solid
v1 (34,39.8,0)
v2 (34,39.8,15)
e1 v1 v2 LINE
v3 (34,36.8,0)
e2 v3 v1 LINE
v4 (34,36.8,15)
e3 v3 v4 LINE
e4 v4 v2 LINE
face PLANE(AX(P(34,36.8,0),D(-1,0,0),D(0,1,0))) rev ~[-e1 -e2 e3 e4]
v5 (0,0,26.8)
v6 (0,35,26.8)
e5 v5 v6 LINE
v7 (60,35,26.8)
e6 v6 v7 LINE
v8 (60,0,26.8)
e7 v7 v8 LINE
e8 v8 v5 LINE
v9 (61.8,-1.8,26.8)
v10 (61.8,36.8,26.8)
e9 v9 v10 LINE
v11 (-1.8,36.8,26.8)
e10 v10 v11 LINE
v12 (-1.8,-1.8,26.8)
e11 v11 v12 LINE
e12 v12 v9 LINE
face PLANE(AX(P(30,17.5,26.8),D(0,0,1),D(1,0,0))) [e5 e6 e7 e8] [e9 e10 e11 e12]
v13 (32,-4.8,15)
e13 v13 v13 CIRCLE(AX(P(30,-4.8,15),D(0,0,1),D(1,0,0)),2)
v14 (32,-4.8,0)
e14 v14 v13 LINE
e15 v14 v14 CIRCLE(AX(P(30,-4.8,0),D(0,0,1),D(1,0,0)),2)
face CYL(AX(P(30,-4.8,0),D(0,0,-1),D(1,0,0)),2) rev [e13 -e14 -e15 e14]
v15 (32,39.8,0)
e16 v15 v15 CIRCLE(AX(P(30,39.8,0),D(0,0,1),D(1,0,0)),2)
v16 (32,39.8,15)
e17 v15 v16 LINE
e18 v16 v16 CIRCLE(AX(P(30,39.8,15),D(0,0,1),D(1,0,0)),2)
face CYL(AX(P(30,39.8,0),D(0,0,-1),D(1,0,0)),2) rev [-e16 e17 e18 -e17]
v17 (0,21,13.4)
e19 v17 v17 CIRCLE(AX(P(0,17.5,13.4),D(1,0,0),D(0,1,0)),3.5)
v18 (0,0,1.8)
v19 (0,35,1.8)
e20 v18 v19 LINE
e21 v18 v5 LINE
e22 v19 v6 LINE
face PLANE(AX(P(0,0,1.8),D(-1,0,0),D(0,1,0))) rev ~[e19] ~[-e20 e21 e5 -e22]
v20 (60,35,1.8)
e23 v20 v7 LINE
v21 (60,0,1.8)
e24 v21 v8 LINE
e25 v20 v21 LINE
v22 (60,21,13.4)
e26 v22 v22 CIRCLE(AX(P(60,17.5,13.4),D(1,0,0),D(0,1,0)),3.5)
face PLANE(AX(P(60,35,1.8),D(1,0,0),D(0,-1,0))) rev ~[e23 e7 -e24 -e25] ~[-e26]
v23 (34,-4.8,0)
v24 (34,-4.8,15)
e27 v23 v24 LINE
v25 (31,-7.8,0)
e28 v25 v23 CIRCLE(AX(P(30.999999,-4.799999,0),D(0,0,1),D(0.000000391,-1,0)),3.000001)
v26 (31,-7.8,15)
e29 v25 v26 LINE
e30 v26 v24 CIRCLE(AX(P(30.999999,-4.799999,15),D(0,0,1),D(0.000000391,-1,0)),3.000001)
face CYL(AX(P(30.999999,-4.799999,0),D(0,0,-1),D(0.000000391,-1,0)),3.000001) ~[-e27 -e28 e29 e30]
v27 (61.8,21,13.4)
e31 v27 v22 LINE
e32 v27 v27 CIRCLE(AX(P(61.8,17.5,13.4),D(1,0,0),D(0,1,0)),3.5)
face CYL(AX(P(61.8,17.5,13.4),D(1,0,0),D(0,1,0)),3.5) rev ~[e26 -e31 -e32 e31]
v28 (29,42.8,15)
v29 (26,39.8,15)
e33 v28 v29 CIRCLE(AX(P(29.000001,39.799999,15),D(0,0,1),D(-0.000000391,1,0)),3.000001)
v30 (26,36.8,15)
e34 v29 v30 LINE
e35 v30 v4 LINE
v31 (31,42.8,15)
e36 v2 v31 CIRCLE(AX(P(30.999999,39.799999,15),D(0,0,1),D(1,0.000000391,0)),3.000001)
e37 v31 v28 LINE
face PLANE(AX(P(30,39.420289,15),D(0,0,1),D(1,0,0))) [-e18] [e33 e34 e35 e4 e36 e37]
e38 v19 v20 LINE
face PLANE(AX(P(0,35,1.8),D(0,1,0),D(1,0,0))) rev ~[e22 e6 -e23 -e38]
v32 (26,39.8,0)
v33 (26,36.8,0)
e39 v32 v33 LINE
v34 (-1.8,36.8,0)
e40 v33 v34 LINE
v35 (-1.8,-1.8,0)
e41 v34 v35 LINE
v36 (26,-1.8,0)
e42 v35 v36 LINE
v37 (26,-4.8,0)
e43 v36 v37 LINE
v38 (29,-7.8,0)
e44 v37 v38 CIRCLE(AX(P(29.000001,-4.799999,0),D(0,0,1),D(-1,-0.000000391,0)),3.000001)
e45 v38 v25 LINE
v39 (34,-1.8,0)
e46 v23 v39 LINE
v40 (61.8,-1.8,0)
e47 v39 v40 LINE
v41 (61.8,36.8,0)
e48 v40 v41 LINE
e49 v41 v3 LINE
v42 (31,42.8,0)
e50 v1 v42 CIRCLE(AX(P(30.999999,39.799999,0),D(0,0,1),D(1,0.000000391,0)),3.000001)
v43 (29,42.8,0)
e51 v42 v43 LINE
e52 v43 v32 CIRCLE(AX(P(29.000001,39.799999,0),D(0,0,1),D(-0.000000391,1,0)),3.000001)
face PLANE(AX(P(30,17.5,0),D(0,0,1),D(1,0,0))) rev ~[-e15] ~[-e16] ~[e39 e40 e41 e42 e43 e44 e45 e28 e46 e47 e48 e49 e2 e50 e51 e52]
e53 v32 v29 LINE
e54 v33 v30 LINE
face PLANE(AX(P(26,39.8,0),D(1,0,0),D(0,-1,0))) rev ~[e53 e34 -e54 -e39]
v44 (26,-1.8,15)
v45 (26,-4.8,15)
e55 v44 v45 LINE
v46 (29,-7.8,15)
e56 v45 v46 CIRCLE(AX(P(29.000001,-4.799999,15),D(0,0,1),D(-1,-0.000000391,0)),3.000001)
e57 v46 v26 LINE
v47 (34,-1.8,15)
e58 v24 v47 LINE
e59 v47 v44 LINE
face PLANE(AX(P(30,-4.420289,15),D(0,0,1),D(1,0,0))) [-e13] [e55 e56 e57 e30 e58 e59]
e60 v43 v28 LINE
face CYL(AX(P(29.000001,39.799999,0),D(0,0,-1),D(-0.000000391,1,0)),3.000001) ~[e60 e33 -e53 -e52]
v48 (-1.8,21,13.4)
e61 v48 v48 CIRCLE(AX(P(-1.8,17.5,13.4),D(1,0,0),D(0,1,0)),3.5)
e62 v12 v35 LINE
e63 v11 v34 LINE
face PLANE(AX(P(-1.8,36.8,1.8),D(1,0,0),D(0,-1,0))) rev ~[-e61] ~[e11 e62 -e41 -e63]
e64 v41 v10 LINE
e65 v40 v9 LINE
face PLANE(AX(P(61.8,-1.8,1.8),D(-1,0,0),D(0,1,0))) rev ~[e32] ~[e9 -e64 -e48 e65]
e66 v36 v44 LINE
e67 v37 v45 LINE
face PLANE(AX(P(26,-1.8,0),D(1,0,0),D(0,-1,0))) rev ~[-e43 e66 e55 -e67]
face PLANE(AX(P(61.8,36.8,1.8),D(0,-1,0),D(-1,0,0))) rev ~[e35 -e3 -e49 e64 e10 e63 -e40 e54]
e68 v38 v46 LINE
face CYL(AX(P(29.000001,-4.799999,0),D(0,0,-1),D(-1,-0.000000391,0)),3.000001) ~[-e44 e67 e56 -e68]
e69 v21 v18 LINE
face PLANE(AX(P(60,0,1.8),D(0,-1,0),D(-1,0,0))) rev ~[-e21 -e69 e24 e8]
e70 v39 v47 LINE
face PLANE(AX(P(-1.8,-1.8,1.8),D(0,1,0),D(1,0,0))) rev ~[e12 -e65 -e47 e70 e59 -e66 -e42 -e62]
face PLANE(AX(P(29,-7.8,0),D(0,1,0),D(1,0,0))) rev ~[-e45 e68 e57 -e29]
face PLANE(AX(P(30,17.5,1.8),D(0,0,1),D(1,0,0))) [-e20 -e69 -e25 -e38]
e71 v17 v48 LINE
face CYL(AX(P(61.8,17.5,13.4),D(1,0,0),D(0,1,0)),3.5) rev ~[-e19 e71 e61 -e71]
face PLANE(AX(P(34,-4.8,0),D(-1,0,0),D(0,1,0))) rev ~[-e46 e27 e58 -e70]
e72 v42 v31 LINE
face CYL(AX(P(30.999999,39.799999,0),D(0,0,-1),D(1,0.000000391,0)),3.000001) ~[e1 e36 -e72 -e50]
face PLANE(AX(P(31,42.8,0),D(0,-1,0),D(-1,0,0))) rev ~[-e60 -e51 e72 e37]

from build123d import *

# Parameters (mm, degrees)
F0_W     = 60
F0_H     = 35
F1_DEPTH = 1.8
F3_DEPTH = 25
F0_R     = 2
F4_DEPTH = 15
F5_R     = 3.5
F6_DEPTH = 63.601


with BuildPart() as f1:
    # F0 (on Top) → F1 (new body)
    with BuildSketch(Plane.XY):
        Polygon((26, 36.8), (-1.8, 36.8), (-1.8, -1.8), (26, -1.8), (34, -1.8), (61.8, -1.8), (61.8, 36.8), (34, 36.8), align=None)
        with Locations((30, 17.5)):
            Rectangle(F0_W, F0_H, mode=Mode.SUBTRACT)
        with Locations((30, 17.5)):
            Rectangle(F0_W, F0_H)
    extrude(amount=F1_DEPTH)

    # F2 (on face) → F3 (join)
    with BuildSketch(Plane.XY.offset(1.8)):
        Polygon((-1.8, -1.8), (15.426563, -1.8), (61.8, -1.8), (61.8, 36.8), (-1.8, 36.8), align=None)
        Polygon((16.889177, 0), (0, 0), (0, 35), (60, 35), (60, 0), align=None, mode=Mode.SUBTRACT)
    extrude(amount=F3_DEPTH)

    # F0 (on Top) → F4 (join)
    with BuildSketch(Plane.XY):
        with BuildLine():
            Line((34, -1.8), (26, -1.8))
            Line((26, -1.8), (26, -4.8))
            ThreePointArc((26, -4.8), (26.87868, -6.92132), (29, -7.8))
            Line((29, -7.8), (31, -7.8))
            ThreePointArc((31, -7.8), (33.12132, -6.92132), (34, -4.8))
            Line((34, -4.8), (34, -1.8))
        make_face()
        with Locations((30, -4.8)):
            Circle(F0_R, mode=Mode.SUBTRACT)
        with BuildLine():
            Line((26, 39.8), (26, 36.8))
            Line((26, 36.8), (34, 36.8))
            Line((34, 36.8), (34, 39.8))
            ThreePointArc((34, 39.8), (33.12132, 41.92132), (31, 42.8))
            Line((31, 42.8), (29, 42.8))
            ThreePointArc((29, 42.8), (26.87868, 41.92132), (26, 39.8))
        make_face()
        with Locations((30, 39.8)):
            Circle(F0_R, mode=Mode.SUBTRACT)
    extrude(amount=F4_DEPTH)

    # F5 (on face) → F6 (cut, through all)
    with BuildSketch(Plane.YZ.offset(61.8)):
        with Locations((17.5, 13.4)):
            Circle(F5_R)
    extrude(amount=-F6_DEPTH, mode=Mode.SUBTRACT)


solid = f1.part
